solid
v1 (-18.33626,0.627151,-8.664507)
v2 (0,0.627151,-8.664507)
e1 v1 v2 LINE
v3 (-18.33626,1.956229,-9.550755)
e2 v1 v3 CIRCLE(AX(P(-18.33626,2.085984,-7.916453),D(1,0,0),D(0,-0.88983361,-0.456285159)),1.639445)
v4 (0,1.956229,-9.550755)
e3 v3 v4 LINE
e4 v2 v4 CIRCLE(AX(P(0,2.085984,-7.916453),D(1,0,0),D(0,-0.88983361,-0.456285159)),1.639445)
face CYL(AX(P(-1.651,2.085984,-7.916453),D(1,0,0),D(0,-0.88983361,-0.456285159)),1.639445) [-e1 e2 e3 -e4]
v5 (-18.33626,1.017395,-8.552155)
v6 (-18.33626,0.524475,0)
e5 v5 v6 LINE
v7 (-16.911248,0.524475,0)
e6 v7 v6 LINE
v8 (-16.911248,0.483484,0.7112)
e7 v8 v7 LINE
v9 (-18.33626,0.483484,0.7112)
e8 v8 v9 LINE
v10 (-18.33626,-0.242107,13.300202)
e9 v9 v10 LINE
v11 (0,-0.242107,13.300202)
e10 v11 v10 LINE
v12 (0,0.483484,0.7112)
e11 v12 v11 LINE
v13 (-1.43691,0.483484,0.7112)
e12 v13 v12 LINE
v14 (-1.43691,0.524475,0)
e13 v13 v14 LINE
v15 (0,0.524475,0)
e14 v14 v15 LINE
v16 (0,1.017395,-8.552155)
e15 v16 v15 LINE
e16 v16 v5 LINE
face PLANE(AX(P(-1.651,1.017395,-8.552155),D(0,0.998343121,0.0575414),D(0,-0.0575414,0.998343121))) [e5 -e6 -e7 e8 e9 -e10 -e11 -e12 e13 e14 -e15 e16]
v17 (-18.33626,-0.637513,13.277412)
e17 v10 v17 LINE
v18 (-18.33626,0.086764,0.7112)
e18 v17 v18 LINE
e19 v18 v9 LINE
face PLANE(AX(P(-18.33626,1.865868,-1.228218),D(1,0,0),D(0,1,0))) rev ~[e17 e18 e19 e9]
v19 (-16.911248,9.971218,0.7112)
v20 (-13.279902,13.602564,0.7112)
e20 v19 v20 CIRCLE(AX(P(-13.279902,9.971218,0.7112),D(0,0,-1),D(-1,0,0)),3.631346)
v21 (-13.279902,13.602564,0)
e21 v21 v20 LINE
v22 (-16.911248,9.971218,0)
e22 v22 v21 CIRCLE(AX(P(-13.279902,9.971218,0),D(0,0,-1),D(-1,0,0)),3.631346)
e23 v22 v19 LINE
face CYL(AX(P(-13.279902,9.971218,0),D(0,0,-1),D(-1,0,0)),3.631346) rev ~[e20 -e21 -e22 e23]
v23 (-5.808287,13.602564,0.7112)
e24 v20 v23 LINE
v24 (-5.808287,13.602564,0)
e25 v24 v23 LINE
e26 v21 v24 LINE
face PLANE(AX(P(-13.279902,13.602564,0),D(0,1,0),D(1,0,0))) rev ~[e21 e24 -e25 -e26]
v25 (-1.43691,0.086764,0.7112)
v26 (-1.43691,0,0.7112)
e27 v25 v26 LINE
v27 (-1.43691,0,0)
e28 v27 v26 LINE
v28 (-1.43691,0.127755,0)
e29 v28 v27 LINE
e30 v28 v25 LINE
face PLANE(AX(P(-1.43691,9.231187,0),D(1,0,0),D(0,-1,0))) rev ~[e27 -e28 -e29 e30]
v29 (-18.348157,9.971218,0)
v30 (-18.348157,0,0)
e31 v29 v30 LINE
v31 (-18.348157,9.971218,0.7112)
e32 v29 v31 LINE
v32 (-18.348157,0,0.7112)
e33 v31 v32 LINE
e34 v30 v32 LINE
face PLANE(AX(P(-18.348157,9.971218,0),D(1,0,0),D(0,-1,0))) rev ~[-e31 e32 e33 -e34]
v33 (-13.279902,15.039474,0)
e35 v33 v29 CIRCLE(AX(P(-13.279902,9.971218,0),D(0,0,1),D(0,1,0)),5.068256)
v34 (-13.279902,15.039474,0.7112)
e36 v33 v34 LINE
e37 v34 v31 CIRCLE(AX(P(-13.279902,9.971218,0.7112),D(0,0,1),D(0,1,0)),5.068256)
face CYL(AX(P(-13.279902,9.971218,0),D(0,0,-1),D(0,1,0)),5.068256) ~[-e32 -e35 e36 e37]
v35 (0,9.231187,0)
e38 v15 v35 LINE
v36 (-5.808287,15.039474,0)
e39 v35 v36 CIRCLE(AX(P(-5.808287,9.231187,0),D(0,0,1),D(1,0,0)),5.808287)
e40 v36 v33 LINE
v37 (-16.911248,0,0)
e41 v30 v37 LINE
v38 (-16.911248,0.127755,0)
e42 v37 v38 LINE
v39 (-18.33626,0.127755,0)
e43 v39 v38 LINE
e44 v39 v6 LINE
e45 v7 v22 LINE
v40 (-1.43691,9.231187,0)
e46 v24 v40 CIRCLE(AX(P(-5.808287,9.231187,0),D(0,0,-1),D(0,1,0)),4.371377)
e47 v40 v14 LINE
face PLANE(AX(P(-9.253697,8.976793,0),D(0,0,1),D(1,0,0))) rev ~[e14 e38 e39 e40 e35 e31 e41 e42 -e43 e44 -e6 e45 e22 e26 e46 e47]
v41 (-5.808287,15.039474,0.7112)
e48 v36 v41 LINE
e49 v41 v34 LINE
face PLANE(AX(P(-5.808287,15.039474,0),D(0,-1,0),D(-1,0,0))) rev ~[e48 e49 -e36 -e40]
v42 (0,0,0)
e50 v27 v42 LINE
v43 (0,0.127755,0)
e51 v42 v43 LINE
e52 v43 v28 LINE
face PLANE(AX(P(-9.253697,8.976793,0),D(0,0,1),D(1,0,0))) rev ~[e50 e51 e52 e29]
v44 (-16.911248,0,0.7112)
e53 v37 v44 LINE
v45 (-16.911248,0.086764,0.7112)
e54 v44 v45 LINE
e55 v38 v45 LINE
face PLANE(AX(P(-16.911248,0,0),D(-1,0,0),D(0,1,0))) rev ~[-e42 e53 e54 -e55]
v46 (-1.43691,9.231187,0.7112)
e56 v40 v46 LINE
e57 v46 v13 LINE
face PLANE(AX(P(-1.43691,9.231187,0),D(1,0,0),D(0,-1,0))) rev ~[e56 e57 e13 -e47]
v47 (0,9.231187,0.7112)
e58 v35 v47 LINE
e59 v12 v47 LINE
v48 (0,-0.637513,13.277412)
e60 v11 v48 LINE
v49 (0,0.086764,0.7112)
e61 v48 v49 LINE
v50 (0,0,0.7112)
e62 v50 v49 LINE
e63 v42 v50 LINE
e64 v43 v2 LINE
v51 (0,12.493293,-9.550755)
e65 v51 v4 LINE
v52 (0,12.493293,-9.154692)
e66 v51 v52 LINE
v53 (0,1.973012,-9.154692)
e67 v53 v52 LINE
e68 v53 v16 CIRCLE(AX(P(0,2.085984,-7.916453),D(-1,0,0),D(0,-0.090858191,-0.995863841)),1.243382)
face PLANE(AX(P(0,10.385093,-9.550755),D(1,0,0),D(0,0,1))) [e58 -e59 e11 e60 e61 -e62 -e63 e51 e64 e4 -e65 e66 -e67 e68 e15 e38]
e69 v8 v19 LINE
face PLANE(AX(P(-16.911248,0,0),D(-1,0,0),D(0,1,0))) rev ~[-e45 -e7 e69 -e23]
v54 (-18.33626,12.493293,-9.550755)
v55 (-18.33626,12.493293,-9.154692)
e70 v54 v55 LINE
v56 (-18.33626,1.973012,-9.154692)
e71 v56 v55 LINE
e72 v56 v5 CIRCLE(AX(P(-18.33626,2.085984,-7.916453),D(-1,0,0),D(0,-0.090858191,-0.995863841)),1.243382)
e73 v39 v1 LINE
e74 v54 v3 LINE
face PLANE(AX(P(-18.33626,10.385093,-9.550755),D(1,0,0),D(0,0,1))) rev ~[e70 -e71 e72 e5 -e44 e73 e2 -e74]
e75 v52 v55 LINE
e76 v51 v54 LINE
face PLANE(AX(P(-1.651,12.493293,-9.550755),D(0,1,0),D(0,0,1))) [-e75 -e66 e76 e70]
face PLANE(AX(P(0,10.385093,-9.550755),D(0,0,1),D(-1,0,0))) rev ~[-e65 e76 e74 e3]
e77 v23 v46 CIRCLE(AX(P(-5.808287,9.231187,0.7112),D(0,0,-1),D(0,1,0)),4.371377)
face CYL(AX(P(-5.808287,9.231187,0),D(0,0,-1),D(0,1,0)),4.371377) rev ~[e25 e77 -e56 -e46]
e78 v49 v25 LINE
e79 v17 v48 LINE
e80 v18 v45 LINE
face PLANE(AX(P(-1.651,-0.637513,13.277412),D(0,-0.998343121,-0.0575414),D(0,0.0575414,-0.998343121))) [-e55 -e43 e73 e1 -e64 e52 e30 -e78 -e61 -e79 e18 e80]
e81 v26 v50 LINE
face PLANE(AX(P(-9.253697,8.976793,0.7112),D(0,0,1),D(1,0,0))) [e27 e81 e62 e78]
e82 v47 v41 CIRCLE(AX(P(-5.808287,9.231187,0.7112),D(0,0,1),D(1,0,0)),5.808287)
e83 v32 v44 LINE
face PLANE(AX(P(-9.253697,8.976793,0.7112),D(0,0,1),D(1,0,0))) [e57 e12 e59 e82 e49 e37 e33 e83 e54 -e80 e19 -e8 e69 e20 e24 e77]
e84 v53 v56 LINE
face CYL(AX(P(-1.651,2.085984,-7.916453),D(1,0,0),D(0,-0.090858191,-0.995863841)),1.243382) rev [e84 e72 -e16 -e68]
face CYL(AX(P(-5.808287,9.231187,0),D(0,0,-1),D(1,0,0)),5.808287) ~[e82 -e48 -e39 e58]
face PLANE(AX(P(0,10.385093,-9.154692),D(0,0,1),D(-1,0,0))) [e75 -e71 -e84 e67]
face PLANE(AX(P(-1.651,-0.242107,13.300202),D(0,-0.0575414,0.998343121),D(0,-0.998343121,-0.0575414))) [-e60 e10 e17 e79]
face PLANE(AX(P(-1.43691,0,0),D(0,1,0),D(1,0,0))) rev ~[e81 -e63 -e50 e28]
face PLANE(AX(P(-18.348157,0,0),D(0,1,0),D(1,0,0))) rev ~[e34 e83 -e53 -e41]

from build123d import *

# Parameters (mm, degrees)
F2_DEPTH = 1.651
F3_DEPTH = 0.7112
F4_DEPTH = 16.68526
F5_DEPTH = 2.1082


with BuildPart() as f2:
    # F1 (on Right) → F2 (new body)
    with BuildSketch(Plane.YZ):
        with BuildLine():
            Line((-0.2421069604, 13.3002023897), (-0.6375133526, 13.2774123922))
            Line((-0.6375133526, 13.2774123922), (0.6271508173, -8.6645074189))
            ThreePointArc((0.6271508173, -8.6645074189), (1.1764445867, -9.2804609215), (1.9562288653, -9.5507549122))
            Line((1.9562288653, -9.5507549122), (10.3850932792, -9.5507549122))
            Line((10.3850932792, -9.5507549122), (10.3850932792, -9.1546922922))
            Line((10.3850932792, -9.1546922922), (1.9730122271, -9.1546922922))
            ThreePointArc((1.9730122271, -9.1546922922), (1.4228217611, -8.9682207065), (1.0173951252, -8.552155274))
            Line((1.0173951252, -8.552155274), (-0.2421069604, 13.3002023897))
        make_face()
    extrude(amount=-F2_DEPTH)

    # F0 (on Top) → F3 (join)
    with BuildSketch(Plane.XY):
        with BuildLine():
            ThreePointArc((0, 9.231187034), (-1.7012077985, 13.3382659736), (-5.808286738, 15.039473772))
            Line((-5.808286738, 15.039473772), (-13.2799016967, 15.039473772))
            ThreePointArc((-13.2799016967, 15.039473772), (-16.8636996774, 13.5550160436), (-18.3481574059, 9.9712180629))
            Line((-18.3481574059, 9.9712180629), (-18.3481574059, 0))
            Line((-18.3481574059, 0), (-16.9112477452, 0))
            Line((-16.9112477452, 0), (-16.9112477452, 9.9712180629))
            ThreePointArc((-16.9112477452, 9.9712180629), (-15.8476511124, 12.5389674786), (-13.2799016967, 13.6025641114))
            Line((-13.2799016967, 13.6025641114), (-5.808286738, 13.6025641114))
            ThreePointArc((-5.808286738, 13.6025641114), (-2.7172563635, 12.3222174085), (-1.4369096607, 9.231187034))
            Line((-1.4369096607, 9.231187034), (-1.4369096607, 0))
            Line((-1.4369096607, 0), (0, 0))
            Line((0, 0), (0, 9.231187034))
        make_face()
    extrude(amount=F3_DEPTH)

    # F4 (add): a face of the model
    f4_faces = [f2.faces().sort_by_distance(p)[0] for p in [
        (-1.651, -0.4252115949, 13.0355223881),
    ]]
    extrude(f4_faces, amount=F4_DEPTH)

    # F5 (add): a face of the model
    f5_faces = [f2.faces().sort_by_distance(p)[0] for p in [
        (-9.16813, 10.3850932792, -9.3527236022),
    ]]
    extrude(f5_faces, amount=F5_DEPTH)


solid = f2.part
